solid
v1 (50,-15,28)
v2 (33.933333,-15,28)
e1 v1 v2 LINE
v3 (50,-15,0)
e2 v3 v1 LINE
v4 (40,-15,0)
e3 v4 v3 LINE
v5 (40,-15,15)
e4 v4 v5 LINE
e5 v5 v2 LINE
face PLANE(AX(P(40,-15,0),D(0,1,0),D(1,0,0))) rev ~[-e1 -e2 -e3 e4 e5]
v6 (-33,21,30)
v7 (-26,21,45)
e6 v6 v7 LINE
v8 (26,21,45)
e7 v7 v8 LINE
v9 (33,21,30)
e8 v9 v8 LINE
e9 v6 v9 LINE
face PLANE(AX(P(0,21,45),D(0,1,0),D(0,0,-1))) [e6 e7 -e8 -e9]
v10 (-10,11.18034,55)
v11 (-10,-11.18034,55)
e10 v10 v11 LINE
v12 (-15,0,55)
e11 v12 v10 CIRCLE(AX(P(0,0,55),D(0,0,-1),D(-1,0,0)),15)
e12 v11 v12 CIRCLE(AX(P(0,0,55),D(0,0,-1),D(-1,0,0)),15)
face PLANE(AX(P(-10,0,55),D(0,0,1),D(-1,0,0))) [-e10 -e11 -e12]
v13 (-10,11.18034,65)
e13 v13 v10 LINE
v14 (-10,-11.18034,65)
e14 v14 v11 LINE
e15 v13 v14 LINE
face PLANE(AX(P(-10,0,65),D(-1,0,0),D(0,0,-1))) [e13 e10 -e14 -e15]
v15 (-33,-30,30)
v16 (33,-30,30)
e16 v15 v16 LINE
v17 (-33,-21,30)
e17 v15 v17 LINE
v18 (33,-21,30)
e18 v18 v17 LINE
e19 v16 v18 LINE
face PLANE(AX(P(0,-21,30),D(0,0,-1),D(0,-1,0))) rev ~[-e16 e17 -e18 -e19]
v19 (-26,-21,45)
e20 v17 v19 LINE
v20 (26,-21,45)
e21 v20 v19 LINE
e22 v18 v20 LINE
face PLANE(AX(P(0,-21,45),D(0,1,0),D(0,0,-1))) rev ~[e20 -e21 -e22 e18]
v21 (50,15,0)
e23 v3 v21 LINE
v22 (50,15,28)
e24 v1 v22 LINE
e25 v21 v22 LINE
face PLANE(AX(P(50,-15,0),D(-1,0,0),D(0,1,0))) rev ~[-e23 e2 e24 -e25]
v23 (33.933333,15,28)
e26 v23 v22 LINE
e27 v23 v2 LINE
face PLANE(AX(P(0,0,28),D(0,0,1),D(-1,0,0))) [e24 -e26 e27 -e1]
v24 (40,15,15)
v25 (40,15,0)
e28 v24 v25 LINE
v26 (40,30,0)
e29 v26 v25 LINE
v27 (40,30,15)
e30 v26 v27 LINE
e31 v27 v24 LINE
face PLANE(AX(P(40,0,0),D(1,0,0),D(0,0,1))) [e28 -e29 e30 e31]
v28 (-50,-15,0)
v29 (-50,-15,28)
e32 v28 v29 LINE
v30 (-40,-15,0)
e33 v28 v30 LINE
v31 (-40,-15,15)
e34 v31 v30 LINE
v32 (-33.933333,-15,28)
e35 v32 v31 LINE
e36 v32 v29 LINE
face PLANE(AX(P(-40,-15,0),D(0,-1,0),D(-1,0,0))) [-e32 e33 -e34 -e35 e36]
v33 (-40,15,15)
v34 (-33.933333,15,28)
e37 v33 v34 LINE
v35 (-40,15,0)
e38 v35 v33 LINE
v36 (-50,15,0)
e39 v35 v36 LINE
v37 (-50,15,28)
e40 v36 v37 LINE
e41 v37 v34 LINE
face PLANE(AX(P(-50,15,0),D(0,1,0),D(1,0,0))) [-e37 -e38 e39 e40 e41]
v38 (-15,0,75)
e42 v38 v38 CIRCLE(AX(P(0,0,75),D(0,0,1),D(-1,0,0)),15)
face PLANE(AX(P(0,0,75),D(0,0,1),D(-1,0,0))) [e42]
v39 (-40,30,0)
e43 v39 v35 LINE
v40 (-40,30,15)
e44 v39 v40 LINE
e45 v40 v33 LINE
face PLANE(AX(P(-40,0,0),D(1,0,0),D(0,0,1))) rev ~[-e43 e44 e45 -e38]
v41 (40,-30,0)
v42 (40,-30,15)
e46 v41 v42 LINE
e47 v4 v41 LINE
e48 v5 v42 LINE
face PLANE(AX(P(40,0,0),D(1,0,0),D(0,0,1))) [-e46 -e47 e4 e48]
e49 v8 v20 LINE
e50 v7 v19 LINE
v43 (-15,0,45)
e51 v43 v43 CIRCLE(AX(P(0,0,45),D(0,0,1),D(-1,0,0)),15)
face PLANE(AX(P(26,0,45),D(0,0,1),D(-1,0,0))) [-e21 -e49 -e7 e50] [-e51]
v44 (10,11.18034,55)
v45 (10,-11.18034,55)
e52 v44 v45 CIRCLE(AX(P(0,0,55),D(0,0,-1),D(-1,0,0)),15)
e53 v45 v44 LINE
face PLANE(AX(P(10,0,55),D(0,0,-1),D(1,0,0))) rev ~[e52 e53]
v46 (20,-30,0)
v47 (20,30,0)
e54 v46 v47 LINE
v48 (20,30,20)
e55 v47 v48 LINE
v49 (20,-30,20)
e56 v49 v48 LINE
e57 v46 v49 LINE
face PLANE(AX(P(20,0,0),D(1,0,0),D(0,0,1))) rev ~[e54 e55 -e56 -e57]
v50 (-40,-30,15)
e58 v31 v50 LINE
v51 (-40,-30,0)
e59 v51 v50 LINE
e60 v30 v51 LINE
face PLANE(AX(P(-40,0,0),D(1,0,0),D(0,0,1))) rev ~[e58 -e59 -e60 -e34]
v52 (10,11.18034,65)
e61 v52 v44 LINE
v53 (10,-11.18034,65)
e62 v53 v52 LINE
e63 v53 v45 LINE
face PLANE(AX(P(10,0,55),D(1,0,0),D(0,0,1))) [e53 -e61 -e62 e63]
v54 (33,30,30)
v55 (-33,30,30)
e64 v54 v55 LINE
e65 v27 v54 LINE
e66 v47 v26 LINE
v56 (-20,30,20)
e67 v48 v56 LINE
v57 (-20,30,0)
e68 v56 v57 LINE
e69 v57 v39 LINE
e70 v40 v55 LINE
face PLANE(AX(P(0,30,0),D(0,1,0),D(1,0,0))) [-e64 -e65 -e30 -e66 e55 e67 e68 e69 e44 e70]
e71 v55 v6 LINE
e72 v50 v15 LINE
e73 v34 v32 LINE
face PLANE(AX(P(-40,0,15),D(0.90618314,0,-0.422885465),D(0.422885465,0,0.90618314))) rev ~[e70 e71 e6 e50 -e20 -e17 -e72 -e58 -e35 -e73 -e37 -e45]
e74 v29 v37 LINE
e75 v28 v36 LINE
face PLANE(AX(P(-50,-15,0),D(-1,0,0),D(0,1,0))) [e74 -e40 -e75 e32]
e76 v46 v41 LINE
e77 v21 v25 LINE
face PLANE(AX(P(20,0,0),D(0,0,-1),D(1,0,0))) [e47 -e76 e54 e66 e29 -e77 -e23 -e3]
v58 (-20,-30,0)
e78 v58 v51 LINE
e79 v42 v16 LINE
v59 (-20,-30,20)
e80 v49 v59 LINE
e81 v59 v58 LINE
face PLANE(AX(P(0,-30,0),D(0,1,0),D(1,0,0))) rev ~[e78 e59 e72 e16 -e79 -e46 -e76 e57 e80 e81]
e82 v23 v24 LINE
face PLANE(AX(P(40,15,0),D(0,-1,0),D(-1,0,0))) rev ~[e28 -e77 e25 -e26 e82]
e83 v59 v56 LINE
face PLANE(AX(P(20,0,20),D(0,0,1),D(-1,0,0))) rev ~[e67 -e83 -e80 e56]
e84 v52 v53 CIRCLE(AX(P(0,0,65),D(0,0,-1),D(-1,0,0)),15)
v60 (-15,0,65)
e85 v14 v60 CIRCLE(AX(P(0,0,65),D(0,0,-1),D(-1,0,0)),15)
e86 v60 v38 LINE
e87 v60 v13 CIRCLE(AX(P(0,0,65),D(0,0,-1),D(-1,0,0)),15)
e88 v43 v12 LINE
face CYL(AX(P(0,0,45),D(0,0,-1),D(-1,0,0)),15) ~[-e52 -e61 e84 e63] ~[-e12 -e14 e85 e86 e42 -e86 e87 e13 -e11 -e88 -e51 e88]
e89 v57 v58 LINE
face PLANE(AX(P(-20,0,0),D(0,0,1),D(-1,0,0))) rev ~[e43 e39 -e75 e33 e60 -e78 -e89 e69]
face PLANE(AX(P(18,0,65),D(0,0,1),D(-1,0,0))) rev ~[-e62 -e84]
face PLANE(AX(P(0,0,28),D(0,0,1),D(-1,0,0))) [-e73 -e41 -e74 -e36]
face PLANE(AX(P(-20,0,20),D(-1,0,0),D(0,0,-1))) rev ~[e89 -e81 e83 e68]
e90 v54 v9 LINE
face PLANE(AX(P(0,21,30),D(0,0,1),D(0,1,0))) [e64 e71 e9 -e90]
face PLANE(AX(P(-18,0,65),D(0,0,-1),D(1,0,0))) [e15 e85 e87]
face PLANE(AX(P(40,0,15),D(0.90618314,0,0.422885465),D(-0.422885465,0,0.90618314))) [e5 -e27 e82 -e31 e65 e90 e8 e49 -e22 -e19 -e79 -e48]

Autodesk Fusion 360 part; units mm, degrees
sketch "Sketch1" plane through (0, 0, 0) normal (0, 1, 0) x (1, 0, 0)
  line L0 (20, 0) -> (40, 0)
  line L1 (40, 0) -> (40, -15)
  line L2 (26, -45) -> (0, -45)
  line L3 (-26, -45) -> (0, -45)
  line L4 (-40, 0) -> (-40, -15)
  line L5 (-20, 0) -> (-40, 0)
  line L6 (20, -20) -> (-20, -20)
  line L7 (-20, -20) -> (-20, 0)
  line L8 (20, 0) -> (20, -20)
  line L9 (-40, 0) -> (-40, -15)
  line L10 (0, -45) -> (-26, -45)
  line L11 (-40, -15) -> (-26, -45)
  line L12 (40, -15) -> (26, -45)
  dimension "d5" = 15
  dimension "d6" = 26
extrude "Extrude1" add sketch "Sketch1" along normal mid plane 60
sketch "Sketch3" plane through (0, 0, 0) normal (1, 0, 0) x (0, 1, 0)
  line L0 (-30, 45) -> (-21, 45)
  line L1 (-21, 45) -> (-21, 30)
  line L2 (-21, 30) -> (-30, 30)
  line L3 (-30, 30) -> (-30, 45)
  line L4 (21, 45) -> (21, 30)
  line L5 (21, 30) -> (30, 30)
  line L6 (30, 30) -> (30, 45)
  line L7 (30, 45) -> (21, 45)
  dimension "d9" = 9
  dimension "d10" = 15
extrude "Extrude2" cut sketch "Sketch3" along normal mid plane 120
sketch "Sketch4" plane through (0, 0, 45) normal (0, 0, 1) x (-1, 0, 0)
  line L0 (-26, -21) -> (26, -21)
  line L1 (26, -21) -> (26, 21)
  line L2 (26, 21) -> (-26, 21)
  line L3 (-26, 21) -> (-26, -21)
  line L4 (40, 30) -> (40, 15)
  line L5 (40, 15) -> (50, 15)
  line L6 (50, 15) -> (50, -15)
  line L7 (50, -15) -> (40, -15)
  line L8 (40, -15) -> (28, -15)
  line L9 (28, -15) -> (28, 15)
  line L10 (28, 15) -> (40, 15)
  line L11 (-50, 15) -> (-50, -15)
  line L12 (-50, -15) -> (-40, -15)
  line L13 (-40, -15) -> (-28, -15)
  line L14 (-28, -15) -> (-28, 15)
  line L15 (-28, 15) -> (-40, 15)
  line L16 (-40, 15) -> (-50, 15)
  dimension "d13" = 15
  dimension "d14" = 10
  dimension "d15" = 30
extrude "Extrude3" add sketch "Sketch4" along normal blind 28 from surface at -45 contours L5 L6 L7 L8 L9 L10 | L11 L12 L13 L14 L15 L16
sketch "Sketch5" plane through (0, 0, 45) normal (0, 0, 1) x (-1, 0, 0)
  line L0 (-26, -21) -> (26, -21)
  line L1 (26, -21) -> (26, 21)
  line L2 (26, 21) -> (-26, 21)
  line L3 (-26, 21) -> (-26, -21)
  circle A0 centre (0, 0) radius 15
  dimension "d19" = 30
extrude "Extrude4" add sketch "Sketch5" along normal blind 30 contours A0
sketch "Sketch6" plane through (0, 0, 0) normal (0, 1, 0) x (-1, 0, 0)
  line L0 (-10, 55) -> (-10, 65)
  line L1 (-10, 55) -> (-18, 55)
  line L2 (-18, 55) -> (-18, 65)
  line L3 (-18, 65) -> (-10, 65)
  line L4 (-10, 65) -> (-10, 55)
  line L5 (18, 55) -> (18, 65)
  line L6 (10, 55) -> (18, 55)
  line L7 (10, 65) -> (10, 55)
  line L8 (18, 65) -> (10, 65)
extrude "Extrude5" cut sketch "Sketch6" along normal mid plane 60
